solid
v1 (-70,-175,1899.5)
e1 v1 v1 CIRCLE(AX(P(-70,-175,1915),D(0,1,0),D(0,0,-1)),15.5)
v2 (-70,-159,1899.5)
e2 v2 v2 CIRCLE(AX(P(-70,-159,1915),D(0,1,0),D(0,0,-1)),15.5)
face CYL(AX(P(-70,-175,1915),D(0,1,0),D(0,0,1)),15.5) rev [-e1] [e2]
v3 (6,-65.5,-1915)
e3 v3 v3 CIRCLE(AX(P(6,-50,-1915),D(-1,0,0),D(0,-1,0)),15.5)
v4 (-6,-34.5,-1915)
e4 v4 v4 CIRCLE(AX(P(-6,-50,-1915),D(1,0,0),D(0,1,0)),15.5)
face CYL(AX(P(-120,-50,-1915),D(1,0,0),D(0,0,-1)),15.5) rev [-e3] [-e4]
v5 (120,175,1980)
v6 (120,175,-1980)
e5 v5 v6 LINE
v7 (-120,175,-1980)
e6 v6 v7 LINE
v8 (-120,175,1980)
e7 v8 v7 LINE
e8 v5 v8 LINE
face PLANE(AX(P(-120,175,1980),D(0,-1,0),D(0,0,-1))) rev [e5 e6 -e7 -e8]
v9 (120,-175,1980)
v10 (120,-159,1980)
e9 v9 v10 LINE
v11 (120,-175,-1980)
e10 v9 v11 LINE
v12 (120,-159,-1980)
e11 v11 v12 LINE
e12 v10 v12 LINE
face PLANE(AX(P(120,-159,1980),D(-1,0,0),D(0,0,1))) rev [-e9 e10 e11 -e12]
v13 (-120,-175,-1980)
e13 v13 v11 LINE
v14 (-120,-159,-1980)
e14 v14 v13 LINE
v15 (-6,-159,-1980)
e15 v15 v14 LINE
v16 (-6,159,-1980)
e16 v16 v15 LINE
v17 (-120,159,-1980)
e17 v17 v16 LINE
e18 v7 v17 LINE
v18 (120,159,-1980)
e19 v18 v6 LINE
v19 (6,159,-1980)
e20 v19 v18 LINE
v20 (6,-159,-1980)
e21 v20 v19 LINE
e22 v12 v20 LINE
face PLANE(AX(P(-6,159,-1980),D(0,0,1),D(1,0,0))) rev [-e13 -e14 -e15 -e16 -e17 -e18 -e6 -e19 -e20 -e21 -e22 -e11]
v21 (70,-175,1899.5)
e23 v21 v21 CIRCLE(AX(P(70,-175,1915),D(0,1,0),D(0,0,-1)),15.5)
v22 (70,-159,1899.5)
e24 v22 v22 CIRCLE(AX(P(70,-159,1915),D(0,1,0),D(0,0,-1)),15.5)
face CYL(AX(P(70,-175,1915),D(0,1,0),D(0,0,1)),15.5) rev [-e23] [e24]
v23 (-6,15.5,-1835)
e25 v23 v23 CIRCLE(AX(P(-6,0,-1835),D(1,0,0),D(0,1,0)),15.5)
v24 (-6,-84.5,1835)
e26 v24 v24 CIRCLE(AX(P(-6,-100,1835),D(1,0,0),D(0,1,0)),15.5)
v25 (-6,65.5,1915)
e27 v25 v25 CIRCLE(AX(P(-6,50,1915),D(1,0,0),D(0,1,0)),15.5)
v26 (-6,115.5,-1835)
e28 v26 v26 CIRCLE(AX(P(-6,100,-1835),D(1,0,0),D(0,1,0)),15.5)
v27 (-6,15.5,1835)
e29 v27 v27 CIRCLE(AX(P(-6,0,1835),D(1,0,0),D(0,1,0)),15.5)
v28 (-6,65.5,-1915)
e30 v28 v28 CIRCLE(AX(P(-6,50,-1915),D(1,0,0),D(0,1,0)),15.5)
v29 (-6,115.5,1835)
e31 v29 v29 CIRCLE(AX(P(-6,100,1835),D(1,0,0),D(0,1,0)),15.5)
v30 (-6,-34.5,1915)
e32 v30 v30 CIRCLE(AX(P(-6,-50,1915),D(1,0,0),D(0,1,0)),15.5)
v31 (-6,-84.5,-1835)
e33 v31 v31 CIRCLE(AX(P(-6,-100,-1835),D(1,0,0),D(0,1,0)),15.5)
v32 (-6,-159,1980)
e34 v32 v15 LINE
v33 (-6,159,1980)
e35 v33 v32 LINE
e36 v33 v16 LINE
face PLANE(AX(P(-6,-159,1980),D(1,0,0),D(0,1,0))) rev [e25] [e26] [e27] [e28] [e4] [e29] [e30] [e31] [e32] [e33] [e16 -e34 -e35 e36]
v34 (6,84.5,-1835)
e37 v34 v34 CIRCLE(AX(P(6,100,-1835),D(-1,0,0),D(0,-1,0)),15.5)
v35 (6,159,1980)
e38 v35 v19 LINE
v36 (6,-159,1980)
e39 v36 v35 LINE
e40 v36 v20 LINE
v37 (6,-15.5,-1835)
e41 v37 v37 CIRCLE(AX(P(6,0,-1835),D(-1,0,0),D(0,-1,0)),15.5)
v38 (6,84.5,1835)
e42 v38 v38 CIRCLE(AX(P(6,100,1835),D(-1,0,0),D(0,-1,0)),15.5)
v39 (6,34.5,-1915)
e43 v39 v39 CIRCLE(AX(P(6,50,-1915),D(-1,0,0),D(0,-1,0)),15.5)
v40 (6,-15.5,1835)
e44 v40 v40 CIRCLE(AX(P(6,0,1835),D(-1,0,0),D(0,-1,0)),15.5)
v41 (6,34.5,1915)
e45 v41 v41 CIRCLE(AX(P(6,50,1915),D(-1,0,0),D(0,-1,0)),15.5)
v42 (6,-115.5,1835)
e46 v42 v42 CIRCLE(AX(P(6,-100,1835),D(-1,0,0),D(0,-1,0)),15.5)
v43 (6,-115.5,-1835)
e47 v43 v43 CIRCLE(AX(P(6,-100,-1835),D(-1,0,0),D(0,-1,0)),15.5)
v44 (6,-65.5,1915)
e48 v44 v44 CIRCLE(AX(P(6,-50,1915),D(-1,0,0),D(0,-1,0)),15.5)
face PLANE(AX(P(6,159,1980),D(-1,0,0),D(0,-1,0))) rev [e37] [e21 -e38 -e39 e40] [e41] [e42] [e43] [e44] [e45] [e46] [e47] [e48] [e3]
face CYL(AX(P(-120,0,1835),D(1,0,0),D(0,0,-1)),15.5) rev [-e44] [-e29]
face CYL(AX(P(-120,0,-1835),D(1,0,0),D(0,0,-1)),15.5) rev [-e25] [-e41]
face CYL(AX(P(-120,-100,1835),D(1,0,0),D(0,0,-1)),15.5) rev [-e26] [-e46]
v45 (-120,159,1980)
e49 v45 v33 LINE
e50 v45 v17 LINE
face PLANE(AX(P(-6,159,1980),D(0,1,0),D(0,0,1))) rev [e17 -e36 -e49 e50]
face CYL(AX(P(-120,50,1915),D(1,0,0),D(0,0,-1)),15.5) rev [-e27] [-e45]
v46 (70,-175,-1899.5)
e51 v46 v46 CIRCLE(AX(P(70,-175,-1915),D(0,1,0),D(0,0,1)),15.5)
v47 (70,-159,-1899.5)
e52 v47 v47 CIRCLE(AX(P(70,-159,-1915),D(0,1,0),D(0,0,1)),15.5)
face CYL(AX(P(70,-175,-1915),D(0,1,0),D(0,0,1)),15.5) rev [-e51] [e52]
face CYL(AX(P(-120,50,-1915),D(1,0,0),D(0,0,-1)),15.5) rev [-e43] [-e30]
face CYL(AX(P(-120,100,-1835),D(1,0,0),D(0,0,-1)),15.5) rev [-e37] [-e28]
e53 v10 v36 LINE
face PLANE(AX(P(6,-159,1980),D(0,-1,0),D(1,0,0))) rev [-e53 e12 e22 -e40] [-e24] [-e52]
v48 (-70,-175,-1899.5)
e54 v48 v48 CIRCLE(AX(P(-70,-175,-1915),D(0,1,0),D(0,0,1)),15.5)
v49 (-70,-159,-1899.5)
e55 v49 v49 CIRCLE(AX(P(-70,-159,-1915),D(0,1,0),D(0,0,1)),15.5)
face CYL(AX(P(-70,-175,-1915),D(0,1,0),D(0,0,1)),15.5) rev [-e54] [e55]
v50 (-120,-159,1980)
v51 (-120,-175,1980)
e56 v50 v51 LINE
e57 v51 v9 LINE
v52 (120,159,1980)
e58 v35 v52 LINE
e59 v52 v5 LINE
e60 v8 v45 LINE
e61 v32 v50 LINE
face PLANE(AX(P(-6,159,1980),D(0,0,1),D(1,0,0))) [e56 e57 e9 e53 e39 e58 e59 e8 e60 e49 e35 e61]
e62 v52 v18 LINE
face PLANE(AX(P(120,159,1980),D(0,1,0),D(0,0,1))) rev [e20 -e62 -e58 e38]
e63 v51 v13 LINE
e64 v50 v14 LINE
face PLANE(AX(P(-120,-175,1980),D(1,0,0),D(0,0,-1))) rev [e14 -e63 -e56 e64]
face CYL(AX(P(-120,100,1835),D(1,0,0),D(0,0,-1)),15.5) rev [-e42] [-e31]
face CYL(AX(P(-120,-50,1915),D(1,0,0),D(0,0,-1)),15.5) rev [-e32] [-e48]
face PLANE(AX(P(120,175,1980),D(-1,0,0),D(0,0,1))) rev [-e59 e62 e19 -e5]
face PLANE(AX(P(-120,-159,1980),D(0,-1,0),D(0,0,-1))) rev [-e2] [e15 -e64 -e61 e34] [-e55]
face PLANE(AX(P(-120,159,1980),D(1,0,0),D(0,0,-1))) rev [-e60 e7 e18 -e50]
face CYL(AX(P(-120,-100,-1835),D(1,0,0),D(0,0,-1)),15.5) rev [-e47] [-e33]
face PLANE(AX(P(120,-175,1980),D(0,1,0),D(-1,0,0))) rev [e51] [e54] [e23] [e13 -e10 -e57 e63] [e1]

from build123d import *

# Parameters (mm, degrees)
EXTRUDE_1_DEPTH          = 1980
CUT_EXTRUDE_2_DEPTH      = 1992.337490231
CUT_EXTRUDE_2_DEPTH_BACK = 1992.337490231
SKETCH_2_R               = 15.5
SKETCH_5_R               = 15.5
CUT_EXTRUDE_4_DEPTH      = 2012.555616929


with BuildPart() as part:
    # 草图1 → 拉伸1 (new, symmetric)
    with BuildSketch(Plane.XY):
        Polygon((-6, 159), (-120, 159), (-120, 175), (120, 175), (120, 159), (6, 159), (6, -159), (120, -159), (120, -175), (-120, -175), (-120, -159), (-6, -159), align=None)
    extrude(amount=EXTRUDE_1_DEPTH, both=True)

    # 草图2 → 拉伸2 (cut, two sides: drawn at the far end of the back side and taken through both)
    with BuildSketch(Plane(origin=(0, 0, 0), x_dir=(0, 0, -1), z_dir=(1, 0, 0)).offset(-CUT_EXTRUDE_2_DEPTH_BACK)):
        with Locations(Location((-1915, 50, 0), (0, 0, 270))):
            Circle(SKETCH_2_R)
        with Locations(Location((-1835, 0, 0), (0, 0, 270))):
            Circle(SKETCH_2_R)
        with Locations(Location((-1835, 100, 0), (0, 0, 270))):
            Circle(SKETCH_2_R)
        with Locations(Location((-1835, -100, 0), (0, 0, 270))):
            Circle(SKETCH_2_R)
        with Locations(Location((-1915, -50, 0), (0, 0, 270))):
            Circle(SKETCH_2_R)
        with Locations(Location((1915, -50, 0), (0, 0, 270))):
            Circle(SKETCH_2_R)
        with Locations(Location((1835, -100, 0), (0, 0, 270))):
            Circle(SKETCH_2_R)
        with Locations(Location((1835, 100, 0), (0, 0, 270))):
            Circle(SKETCH_2_R)
        with Locations(Location((1835, 0, 0), (0, 0, 270))):
            Circle(SKETCH_2_R)
        with Locations(Location((1915, 50, 0), (0, 0, 270))):
            Circle(SKETCH_2_R)
    extrude(amount=CUT_EXTRUDE_2_DEPTH + CUT_EXTRUDE_2_DEPTH_BACK, mode=Mode.SUBTRACT)

    # 草图5 → 拉伸4 (cut, through all)
    with BuildSketch(Plane(origin=(0, -159, 0), x_dir=(1, 0, 0), z_dir=(0, 1, 0))):
        with Locations(Location((-70, 1915, 0), (0, 0, 270))):
            Circle(SKETCH_5_R)
        with Locations(Location((70, 1915, 0), (0, 0, 270))):
            Circle(SKETCH_5_R)
        with Locations(Location((70, -1915, 0), (0, 0, 90))):
            Circle(SKETCH_5_R)
        with Locations(Location((-70, -1915, 0), (0, 0, 90))):
            Circle(SKETCH_5_R)
    extrude(amount=-CUT_EXTRUDE_4_DEPTH, mode=Mode.SUBTRACT)


solid = part.part
